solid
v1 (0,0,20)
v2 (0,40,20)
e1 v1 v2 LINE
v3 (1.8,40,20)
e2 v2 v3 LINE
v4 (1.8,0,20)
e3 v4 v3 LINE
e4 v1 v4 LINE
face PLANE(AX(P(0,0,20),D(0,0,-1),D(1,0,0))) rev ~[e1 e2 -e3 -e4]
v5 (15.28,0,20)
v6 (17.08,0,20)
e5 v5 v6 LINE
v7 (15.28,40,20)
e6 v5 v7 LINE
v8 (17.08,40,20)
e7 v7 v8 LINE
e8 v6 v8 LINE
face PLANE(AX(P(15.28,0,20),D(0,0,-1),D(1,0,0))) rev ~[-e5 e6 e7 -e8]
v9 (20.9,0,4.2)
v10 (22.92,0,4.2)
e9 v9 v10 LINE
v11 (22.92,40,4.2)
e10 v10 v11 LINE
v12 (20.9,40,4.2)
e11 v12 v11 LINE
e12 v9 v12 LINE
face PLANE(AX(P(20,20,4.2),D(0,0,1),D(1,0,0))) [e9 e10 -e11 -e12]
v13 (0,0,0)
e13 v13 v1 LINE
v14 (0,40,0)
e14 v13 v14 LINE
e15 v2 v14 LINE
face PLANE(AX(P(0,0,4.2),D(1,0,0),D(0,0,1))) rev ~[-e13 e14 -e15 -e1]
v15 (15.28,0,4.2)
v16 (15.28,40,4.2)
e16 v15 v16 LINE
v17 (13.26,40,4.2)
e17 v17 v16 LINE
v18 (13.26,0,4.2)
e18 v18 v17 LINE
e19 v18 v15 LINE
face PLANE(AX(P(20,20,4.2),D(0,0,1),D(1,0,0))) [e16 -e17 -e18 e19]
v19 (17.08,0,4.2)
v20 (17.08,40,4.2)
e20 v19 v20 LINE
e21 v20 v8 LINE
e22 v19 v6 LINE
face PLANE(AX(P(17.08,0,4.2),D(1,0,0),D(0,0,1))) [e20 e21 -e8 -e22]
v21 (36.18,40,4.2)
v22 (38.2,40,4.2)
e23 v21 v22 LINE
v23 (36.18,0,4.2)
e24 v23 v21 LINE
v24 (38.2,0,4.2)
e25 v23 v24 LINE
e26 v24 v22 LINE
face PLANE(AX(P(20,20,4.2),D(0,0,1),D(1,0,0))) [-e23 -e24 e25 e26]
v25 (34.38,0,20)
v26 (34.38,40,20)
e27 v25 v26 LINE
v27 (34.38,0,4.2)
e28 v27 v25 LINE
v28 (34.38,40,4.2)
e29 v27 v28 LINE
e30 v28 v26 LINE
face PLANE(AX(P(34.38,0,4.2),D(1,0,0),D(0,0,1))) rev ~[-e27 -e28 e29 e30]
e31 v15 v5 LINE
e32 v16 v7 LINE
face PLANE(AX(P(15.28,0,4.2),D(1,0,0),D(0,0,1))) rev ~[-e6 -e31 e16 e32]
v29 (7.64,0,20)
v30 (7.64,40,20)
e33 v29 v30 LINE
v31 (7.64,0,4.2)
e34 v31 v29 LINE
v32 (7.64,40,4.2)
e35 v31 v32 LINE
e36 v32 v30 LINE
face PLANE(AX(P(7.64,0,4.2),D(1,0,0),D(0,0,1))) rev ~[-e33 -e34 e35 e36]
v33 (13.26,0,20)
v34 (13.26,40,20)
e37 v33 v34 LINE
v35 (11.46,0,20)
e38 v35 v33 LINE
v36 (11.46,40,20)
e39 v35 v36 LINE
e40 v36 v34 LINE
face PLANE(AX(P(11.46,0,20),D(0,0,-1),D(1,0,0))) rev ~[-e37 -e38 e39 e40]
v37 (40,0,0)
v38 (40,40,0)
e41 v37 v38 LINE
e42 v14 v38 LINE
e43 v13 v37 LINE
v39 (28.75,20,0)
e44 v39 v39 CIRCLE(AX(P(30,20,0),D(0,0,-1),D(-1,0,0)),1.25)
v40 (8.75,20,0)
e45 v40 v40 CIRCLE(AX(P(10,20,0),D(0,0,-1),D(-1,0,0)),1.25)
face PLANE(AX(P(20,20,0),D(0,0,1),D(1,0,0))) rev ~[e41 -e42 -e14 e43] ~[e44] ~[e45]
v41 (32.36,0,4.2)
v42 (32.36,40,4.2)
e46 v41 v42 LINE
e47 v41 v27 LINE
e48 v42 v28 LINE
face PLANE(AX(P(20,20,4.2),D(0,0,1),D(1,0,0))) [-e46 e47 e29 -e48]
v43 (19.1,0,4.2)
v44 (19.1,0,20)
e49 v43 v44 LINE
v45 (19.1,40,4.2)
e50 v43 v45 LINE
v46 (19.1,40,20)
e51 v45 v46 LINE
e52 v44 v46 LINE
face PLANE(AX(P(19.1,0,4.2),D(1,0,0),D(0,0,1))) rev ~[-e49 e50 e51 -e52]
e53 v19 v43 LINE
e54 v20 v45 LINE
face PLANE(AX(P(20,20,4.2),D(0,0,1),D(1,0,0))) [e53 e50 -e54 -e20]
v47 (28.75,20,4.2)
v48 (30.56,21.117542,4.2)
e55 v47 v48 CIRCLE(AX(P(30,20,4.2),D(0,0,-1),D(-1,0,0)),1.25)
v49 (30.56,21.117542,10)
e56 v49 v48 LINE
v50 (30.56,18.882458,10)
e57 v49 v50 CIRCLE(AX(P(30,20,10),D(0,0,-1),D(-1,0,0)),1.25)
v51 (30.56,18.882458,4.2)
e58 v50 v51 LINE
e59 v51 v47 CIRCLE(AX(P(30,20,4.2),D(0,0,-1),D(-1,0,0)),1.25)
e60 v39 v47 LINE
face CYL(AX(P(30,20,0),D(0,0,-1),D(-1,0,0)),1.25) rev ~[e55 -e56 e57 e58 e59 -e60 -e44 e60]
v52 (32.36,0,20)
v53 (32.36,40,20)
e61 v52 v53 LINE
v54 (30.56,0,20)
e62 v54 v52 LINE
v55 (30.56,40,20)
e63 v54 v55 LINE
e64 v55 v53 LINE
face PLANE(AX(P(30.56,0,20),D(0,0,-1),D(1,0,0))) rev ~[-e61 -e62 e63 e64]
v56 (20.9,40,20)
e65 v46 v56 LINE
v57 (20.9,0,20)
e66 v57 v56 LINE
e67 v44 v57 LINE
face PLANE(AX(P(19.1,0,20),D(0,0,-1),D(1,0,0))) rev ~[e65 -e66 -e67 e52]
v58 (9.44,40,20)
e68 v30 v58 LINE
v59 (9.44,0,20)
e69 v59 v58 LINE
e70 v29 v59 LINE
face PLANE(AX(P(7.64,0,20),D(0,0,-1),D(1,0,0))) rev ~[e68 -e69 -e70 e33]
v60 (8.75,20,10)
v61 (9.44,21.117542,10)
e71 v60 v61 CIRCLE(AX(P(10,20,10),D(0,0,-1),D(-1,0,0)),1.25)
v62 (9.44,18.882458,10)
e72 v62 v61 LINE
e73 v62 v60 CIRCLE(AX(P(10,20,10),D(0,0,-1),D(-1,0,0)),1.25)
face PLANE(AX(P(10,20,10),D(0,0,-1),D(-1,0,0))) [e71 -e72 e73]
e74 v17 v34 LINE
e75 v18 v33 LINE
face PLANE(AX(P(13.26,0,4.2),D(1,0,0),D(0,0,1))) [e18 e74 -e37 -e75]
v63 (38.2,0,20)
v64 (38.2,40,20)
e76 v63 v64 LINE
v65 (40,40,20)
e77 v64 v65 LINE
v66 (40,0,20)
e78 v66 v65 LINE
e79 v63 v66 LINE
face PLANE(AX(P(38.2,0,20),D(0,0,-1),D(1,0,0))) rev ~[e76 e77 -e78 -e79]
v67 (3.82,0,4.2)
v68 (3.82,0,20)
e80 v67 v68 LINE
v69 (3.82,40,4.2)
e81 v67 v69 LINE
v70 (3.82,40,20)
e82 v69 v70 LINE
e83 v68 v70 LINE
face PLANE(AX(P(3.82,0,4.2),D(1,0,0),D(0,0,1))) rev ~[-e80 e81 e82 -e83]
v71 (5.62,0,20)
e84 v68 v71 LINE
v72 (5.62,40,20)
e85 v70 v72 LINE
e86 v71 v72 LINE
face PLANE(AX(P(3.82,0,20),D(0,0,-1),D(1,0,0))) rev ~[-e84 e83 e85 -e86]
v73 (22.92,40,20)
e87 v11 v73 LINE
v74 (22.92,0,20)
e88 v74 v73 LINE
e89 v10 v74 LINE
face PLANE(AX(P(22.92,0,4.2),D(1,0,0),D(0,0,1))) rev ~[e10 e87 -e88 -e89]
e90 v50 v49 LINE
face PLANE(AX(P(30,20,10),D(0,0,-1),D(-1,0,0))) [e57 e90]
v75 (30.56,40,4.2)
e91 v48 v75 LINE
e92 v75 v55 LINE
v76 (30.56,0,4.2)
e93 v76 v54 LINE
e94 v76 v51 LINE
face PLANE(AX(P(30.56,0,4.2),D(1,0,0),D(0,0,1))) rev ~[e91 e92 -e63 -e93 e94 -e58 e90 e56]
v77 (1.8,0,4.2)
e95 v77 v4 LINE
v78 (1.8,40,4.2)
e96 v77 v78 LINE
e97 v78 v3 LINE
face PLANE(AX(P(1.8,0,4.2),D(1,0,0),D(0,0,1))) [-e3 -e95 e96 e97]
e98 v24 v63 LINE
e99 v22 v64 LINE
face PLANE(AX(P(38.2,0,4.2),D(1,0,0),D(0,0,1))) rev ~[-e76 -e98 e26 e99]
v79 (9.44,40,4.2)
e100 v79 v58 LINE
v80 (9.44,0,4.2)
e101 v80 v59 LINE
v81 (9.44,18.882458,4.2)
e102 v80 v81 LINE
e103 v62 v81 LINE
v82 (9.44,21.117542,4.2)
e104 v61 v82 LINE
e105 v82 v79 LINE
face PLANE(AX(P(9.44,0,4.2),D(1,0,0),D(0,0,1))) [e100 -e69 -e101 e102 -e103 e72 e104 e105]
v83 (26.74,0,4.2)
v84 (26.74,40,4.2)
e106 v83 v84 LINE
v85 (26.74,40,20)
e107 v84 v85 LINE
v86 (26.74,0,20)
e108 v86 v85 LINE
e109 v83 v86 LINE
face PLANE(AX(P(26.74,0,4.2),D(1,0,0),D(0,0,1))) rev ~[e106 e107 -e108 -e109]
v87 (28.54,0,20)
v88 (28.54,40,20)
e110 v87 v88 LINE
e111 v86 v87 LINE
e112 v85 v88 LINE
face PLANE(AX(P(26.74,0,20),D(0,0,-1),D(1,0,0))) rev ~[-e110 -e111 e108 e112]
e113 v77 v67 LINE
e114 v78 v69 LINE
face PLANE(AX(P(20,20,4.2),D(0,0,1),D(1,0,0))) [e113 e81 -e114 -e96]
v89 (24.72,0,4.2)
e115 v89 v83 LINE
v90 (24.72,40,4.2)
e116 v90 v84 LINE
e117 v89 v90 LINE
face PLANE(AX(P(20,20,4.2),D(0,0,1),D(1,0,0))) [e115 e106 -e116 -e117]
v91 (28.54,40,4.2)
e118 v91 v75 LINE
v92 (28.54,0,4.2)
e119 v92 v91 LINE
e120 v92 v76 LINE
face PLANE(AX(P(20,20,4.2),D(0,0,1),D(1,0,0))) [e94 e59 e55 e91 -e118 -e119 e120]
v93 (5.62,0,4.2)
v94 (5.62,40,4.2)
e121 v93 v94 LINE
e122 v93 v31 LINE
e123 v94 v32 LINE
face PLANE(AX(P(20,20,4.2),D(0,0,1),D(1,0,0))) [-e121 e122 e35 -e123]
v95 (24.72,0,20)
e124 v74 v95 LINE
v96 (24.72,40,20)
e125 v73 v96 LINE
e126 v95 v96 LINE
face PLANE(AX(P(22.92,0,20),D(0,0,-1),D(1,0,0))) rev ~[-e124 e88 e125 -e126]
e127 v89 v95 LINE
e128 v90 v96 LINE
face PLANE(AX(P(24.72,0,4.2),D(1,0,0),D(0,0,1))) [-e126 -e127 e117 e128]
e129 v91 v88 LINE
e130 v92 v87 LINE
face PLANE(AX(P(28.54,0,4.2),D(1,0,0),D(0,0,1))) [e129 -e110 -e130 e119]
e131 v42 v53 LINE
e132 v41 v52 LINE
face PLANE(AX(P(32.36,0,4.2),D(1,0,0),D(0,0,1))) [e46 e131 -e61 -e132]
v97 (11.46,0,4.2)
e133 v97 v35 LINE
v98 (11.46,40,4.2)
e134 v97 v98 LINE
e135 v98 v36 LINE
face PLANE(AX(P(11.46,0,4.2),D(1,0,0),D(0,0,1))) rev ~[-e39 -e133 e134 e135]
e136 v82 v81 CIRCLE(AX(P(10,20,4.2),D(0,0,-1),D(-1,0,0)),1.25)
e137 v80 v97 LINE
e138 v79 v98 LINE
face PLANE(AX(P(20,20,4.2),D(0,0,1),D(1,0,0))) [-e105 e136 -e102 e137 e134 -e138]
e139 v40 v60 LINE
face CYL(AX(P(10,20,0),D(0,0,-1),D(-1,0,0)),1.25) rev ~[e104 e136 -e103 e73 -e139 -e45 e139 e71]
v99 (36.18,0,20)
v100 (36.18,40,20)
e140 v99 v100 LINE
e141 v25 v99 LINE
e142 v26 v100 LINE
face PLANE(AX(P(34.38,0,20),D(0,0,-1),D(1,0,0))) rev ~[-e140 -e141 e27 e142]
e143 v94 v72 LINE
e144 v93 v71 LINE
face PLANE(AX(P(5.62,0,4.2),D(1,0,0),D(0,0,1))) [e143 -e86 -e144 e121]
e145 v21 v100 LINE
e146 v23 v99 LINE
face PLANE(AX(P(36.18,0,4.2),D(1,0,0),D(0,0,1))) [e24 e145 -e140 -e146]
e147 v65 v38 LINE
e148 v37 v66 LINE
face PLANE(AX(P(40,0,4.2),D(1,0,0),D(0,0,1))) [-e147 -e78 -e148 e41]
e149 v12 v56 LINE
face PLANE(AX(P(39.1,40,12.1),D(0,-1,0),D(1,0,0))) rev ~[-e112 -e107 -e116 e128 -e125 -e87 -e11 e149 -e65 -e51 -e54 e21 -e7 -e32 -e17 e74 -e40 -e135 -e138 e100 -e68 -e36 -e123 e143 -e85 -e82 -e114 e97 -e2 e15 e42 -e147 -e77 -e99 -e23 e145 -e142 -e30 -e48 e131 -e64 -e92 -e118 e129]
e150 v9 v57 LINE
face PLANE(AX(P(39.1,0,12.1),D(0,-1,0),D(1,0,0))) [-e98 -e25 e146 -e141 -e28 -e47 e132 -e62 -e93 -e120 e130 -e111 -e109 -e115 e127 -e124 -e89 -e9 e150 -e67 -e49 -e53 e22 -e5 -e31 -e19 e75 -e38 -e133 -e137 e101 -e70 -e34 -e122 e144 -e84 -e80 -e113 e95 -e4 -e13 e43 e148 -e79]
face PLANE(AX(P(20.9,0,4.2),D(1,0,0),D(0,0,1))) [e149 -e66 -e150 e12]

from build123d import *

# Parameters (mm, degrees)
ESQUISSE1_W                = 40
ESQUISSE1_H                = 40
BOSS_EXTRU_1_DEPTH         = 4.2
ESQUISSE2_W                = 1.8
ESQUISSE2_H                = 15.8
BOSS_EXTRU_2_DEPTH         = 40
R_P_TITION_LIN_AIRE1_COUNT = 11
R_P_TITION_LIN_AIRE1_PITCH = 3.82
ESQUISSE3_R                = 1.25
ENL_V_MAT_EXTRU_1_DEPTH    = 10


with BuildPart() as part:
    # Esquisse1 → Boss.-Extru.1 (new body)
    with BuildSketch(Plane.XY):
        with Locations((20, 20)):
            Rectangle(ESQUISSE1_W, ESQUISSE1_H)
    extrude(amount=BOSS_EXTRU_1_DEPTH)

    # Esquisse2 → Boss.-Extru.2 (add)
    with BuildSketch(Plane.XZ):
        with Locations((0.9, 12.1)):
            Rectangle(ESQUISSE2_W, ESQUISSE2_H)
    boss_extru_2 = extrude(amount=-BOSS_EXTRU_2_DEPTH)

    # Répétition linéaire1: Boss.-Extru.2 ×11
    with Locations(*[(i * R_P_TITION_LIN_AIRE1_PITCH, 0, 0) for i in range(1, R_P_TITION_LIN_AIRE1_COUNT)]):
        add(boss_extru_2)

    # Esquisse3 → Enlèv. mat.-Extru.1 (cut)
    with BuildSketch(Plane(origin=(0, 0, 0), x_dir=(-1, 0, 0), z_dir=(0, 0, -1))):
        with Locations((-30, 20)):
            Circle(ESQUISSE3_R)
        with Locations((-10, 20)):
            Circle(ESQUISSE3_R)
    extrude(amount=-ENL_V_MAT_EXTRU_1_DEPTH, mode=Mode.SUBTRACT)


solid = part.part
